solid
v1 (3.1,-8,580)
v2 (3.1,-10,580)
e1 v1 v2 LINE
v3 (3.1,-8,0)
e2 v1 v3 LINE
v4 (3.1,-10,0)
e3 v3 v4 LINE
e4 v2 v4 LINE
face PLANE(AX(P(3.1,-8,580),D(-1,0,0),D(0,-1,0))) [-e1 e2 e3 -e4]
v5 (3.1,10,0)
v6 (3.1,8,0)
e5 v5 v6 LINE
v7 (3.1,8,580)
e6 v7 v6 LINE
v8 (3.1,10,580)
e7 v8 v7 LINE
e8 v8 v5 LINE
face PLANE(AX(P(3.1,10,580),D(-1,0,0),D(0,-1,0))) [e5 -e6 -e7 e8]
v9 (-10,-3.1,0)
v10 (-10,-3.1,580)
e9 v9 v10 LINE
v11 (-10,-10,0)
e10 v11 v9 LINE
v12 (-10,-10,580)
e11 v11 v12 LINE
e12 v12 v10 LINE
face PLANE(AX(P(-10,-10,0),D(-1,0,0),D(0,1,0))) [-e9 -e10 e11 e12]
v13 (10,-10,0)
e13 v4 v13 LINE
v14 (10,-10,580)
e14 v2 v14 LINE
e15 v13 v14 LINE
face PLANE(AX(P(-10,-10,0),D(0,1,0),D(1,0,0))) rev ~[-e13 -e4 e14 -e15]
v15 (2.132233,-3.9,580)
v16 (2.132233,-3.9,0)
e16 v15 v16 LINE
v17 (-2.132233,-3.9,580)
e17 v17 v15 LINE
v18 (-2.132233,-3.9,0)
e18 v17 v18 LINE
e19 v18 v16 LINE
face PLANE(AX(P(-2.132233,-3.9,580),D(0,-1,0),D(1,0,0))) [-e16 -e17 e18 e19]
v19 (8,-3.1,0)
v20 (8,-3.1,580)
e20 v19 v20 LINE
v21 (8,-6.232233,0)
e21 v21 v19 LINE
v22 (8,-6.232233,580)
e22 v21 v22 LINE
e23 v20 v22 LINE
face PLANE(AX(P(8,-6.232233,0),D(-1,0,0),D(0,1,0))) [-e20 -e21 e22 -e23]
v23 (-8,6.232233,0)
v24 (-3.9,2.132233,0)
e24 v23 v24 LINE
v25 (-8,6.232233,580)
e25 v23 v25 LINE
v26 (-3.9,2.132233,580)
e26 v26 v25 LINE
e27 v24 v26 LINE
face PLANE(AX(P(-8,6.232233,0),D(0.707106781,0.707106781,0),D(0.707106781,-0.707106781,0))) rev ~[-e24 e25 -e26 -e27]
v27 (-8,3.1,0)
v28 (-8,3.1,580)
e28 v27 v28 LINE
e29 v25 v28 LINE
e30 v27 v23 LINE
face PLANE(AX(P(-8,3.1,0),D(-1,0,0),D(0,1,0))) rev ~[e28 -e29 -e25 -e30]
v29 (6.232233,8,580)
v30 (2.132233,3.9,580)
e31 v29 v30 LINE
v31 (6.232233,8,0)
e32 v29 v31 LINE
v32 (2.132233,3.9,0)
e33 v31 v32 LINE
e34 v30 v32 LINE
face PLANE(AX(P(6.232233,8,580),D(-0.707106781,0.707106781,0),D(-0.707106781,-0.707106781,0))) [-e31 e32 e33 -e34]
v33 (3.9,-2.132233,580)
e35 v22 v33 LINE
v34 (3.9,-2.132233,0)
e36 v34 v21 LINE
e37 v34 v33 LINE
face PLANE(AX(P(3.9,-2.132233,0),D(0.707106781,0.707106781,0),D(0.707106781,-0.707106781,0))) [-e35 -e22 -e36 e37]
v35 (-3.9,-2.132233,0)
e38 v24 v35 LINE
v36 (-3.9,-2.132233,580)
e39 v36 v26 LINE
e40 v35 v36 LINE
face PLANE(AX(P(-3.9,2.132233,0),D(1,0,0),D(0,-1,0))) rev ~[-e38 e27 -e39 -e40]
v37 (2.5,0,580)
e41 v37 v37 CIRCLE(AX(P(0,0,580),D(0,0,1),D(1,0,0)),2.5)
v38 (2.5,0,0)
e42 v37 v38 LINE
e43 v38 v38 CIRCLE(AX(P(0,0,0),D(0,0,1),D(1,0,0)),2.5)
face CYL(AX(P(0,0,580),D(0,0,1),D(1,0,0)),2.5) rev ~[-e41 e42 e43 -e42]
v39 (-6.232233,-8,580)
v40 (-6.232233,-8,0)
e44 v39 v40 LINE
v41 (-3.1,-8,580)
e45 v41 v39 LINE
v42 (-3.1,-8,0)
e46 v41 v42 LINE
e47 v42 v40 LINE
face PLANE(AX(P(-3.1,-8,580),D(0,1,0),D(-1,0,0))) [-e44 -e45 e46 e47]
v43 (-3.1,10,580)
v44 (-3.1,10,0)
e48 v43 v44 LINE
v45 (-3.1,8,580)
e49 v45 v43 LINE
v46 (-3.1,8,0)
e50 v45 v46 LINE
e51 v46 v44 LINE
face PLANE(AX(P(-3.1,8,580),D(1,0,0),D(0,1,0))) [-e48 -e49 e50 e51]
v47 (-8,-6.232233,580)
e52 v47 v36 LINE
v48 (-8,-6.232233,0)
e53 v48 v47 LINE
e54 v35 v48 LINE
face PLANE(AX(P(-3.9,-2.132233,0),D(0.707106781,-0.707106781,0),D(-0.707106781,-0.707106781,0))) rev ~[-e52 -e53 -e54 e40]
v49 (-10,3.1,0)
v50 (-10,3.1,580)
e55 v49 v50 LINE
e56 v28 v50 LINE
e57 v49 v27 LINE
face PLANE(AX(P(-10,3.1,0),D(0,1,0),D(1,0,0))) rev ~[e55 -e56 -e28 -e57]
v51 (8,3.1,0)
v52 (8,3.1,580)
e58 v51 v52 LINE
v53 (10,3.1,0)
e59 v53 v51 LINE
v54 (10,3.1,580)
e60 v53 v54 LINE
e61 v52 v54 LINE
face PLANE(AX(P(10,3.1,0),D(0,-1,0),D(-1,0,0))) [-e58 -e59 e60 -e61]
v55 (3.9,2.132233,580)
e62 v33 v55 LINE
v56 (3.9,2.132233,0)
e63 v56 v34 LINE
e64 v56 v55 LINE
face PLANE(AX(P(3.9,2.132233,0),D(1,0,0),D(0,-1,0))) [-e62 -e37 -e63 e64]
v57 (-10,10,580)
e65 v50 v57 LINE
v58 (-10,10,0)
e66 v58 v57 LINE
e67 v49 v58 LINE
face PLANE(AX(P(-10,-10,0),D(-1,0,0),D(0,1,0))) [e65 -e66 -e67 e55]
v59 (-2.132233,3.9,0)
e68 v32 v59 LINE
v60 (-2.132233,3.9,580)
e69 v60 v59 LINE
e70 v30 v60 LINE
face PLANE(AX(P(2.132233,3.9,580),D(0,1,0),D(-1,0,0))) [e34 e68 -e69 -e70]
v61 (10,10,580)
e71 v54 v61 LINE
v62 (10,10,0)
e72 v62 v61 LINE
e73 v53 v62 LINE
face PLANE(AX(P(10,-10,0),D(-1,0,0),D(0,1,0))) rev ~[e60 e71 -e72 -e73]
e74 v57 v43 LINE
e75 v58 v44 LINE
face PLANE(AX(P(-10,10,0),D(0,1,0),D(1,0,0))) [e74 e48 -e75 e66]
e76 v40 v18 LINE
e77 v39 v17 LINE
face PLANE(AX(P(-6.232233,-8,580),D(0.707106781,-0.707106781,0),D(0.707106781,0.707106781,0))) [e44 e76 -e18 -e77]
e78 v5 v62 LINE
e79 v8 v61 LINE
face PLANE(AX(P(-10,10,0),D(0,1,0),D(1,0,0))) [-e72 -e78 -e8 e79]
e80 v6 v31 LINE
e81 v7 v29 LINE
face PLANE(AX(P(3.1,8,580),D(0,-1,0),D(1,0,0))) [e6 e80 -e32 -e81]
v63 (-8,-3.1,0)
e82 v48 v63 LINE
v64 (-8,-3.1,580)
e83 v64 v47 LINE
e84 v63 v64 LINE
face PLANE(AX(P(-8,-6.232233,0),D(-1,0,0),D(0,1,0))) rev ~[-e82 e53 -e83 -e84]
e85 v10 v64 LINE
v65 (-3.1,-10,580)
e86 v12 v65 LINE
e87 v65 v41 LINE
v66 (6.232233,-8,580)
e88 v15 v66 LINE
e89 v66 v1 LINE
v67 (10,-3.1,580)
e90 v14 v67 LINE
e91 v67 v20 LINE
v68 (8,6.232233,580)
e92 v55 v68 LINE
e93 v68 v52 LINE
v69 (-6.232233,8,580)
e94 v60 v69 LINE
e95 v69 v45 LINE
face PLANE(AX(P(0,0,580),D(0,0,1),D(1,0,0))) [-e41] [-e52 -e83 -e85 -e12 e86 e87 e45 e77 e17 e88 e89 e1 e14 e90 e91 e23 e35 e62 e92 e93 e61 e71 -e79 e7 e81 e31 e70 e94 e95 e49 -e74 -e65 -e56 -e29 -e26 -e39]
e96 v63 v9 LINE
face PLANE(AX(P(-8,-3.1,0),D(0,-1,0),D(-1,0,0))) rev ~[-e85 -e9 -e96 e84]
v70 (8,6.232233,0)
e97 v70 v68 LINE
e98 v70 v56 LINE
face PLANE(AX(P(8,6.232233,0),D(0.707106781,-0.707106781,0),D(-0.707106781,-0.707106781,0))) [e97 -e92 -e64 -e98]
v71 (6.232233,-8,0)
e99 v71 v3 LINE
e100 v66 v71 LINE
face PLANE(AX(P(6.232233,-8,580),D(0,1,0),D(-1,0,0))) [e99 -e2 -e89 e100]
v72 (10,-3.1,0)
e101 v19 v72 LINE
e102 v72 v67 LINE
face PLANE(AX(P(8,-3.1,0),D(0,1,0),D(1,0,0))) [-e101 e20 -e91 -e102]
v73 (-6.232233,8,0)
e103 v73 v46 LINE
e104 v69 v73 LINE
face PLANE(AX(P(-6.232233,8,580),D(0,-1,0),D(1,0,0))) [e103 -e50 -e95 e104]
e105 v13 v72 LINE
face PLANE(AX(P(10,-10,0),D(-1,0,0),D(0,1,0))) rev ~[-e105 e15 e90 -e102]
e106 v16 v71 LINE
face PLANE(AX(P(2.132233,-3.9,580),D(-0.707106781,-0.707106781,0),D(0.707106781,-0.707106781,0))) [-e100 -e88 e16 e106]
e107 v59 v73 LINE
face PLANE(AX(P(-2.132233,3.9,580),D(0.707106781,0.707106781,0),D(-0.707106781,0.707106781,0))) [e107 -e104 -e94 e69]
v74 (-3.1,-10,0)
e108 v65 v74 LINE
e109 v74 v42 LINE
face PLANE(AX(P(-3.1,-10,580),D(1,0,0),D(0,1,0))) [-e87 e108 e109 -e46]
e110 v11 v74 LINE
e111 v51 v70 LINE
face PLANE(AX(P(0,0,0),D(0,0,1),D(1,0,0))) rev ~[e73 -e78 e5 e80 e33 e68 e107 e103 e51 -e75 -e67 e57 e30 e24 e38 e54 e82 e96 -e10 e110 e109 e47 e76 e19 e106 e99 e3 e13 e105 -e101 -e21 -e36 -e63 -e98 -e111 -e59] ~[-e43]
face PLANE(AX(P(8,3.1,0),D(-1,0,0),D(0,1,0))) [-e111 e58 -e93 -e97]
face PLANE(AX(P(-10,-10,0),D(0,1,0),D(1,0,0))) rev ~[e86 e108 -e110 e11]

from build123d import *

# Parameters (mm, degrees)
SKETCH_W        = 20
SKETCH_H        = 20
PAD_DEPTH       = 580
SKETCH001_R     = 2.5
POCKET_DEPTH    = 580.001
POCKET001_DEPTH = 580.001


with BuildPart() as part:
    # Sketch → Pad (new body)
    with BuildSketch(Plane.XY):
        Rectangle(SKETCH_W, SKETCH_H)
    extrude(amount=PAD_DEPTH)

    # Sketch001 (on Face6 of Pad) → Pocket (cut, through all)
    with BuildSketch(Plane.XY.offset(580)):
        Circle(SKETCH001_R)
        Polygon((-3.1, 10), (3.1, 10), (3.1, 8), (6.232233, 8), (2.132233, 3.9), (-2.132233, 3.9), (-6.232233, 8), (-3.1, 8), align=None)
        Polygon((-3.1, -8), (-6.232233, -8), (-2.132233, -3.9), (2.132233, -3.9), (6.232233, -8), (3.1, -8), (3.1, -10), (-3.1, -10), align=None)
    extrude(amount=-POCKET_DEPTH, mode=Mode.SUBTRACT)

    # Sketch002 (on Face2 of Pocket) → Pocket001 (cut, through all)
    with BuildSketch(Plane(origin=(0, 0, 0), x_dir=(1, 0, 0), z_dir=(0, 0, -1))):
        Polygon((-10, -3.1), (-8, -3.1), (-8, -6.232233), (-3.9, -2.132233), (-3.9, 2.132233), (-8, 6.232233), (-8, 3.1), (-10, 3.1), align=None)
        Polygon((3.9, -2.132233), (3.9, 2.132233), (8, 6.232233), (8, 3.1), (10, 3.1), (10, -3.1), (8, -3.1), (8, -6.232233), align=None)
    extrude(amount=-POCKET001_DEPTH, mode=Mode.SUBTRACT)


solid = part.part
